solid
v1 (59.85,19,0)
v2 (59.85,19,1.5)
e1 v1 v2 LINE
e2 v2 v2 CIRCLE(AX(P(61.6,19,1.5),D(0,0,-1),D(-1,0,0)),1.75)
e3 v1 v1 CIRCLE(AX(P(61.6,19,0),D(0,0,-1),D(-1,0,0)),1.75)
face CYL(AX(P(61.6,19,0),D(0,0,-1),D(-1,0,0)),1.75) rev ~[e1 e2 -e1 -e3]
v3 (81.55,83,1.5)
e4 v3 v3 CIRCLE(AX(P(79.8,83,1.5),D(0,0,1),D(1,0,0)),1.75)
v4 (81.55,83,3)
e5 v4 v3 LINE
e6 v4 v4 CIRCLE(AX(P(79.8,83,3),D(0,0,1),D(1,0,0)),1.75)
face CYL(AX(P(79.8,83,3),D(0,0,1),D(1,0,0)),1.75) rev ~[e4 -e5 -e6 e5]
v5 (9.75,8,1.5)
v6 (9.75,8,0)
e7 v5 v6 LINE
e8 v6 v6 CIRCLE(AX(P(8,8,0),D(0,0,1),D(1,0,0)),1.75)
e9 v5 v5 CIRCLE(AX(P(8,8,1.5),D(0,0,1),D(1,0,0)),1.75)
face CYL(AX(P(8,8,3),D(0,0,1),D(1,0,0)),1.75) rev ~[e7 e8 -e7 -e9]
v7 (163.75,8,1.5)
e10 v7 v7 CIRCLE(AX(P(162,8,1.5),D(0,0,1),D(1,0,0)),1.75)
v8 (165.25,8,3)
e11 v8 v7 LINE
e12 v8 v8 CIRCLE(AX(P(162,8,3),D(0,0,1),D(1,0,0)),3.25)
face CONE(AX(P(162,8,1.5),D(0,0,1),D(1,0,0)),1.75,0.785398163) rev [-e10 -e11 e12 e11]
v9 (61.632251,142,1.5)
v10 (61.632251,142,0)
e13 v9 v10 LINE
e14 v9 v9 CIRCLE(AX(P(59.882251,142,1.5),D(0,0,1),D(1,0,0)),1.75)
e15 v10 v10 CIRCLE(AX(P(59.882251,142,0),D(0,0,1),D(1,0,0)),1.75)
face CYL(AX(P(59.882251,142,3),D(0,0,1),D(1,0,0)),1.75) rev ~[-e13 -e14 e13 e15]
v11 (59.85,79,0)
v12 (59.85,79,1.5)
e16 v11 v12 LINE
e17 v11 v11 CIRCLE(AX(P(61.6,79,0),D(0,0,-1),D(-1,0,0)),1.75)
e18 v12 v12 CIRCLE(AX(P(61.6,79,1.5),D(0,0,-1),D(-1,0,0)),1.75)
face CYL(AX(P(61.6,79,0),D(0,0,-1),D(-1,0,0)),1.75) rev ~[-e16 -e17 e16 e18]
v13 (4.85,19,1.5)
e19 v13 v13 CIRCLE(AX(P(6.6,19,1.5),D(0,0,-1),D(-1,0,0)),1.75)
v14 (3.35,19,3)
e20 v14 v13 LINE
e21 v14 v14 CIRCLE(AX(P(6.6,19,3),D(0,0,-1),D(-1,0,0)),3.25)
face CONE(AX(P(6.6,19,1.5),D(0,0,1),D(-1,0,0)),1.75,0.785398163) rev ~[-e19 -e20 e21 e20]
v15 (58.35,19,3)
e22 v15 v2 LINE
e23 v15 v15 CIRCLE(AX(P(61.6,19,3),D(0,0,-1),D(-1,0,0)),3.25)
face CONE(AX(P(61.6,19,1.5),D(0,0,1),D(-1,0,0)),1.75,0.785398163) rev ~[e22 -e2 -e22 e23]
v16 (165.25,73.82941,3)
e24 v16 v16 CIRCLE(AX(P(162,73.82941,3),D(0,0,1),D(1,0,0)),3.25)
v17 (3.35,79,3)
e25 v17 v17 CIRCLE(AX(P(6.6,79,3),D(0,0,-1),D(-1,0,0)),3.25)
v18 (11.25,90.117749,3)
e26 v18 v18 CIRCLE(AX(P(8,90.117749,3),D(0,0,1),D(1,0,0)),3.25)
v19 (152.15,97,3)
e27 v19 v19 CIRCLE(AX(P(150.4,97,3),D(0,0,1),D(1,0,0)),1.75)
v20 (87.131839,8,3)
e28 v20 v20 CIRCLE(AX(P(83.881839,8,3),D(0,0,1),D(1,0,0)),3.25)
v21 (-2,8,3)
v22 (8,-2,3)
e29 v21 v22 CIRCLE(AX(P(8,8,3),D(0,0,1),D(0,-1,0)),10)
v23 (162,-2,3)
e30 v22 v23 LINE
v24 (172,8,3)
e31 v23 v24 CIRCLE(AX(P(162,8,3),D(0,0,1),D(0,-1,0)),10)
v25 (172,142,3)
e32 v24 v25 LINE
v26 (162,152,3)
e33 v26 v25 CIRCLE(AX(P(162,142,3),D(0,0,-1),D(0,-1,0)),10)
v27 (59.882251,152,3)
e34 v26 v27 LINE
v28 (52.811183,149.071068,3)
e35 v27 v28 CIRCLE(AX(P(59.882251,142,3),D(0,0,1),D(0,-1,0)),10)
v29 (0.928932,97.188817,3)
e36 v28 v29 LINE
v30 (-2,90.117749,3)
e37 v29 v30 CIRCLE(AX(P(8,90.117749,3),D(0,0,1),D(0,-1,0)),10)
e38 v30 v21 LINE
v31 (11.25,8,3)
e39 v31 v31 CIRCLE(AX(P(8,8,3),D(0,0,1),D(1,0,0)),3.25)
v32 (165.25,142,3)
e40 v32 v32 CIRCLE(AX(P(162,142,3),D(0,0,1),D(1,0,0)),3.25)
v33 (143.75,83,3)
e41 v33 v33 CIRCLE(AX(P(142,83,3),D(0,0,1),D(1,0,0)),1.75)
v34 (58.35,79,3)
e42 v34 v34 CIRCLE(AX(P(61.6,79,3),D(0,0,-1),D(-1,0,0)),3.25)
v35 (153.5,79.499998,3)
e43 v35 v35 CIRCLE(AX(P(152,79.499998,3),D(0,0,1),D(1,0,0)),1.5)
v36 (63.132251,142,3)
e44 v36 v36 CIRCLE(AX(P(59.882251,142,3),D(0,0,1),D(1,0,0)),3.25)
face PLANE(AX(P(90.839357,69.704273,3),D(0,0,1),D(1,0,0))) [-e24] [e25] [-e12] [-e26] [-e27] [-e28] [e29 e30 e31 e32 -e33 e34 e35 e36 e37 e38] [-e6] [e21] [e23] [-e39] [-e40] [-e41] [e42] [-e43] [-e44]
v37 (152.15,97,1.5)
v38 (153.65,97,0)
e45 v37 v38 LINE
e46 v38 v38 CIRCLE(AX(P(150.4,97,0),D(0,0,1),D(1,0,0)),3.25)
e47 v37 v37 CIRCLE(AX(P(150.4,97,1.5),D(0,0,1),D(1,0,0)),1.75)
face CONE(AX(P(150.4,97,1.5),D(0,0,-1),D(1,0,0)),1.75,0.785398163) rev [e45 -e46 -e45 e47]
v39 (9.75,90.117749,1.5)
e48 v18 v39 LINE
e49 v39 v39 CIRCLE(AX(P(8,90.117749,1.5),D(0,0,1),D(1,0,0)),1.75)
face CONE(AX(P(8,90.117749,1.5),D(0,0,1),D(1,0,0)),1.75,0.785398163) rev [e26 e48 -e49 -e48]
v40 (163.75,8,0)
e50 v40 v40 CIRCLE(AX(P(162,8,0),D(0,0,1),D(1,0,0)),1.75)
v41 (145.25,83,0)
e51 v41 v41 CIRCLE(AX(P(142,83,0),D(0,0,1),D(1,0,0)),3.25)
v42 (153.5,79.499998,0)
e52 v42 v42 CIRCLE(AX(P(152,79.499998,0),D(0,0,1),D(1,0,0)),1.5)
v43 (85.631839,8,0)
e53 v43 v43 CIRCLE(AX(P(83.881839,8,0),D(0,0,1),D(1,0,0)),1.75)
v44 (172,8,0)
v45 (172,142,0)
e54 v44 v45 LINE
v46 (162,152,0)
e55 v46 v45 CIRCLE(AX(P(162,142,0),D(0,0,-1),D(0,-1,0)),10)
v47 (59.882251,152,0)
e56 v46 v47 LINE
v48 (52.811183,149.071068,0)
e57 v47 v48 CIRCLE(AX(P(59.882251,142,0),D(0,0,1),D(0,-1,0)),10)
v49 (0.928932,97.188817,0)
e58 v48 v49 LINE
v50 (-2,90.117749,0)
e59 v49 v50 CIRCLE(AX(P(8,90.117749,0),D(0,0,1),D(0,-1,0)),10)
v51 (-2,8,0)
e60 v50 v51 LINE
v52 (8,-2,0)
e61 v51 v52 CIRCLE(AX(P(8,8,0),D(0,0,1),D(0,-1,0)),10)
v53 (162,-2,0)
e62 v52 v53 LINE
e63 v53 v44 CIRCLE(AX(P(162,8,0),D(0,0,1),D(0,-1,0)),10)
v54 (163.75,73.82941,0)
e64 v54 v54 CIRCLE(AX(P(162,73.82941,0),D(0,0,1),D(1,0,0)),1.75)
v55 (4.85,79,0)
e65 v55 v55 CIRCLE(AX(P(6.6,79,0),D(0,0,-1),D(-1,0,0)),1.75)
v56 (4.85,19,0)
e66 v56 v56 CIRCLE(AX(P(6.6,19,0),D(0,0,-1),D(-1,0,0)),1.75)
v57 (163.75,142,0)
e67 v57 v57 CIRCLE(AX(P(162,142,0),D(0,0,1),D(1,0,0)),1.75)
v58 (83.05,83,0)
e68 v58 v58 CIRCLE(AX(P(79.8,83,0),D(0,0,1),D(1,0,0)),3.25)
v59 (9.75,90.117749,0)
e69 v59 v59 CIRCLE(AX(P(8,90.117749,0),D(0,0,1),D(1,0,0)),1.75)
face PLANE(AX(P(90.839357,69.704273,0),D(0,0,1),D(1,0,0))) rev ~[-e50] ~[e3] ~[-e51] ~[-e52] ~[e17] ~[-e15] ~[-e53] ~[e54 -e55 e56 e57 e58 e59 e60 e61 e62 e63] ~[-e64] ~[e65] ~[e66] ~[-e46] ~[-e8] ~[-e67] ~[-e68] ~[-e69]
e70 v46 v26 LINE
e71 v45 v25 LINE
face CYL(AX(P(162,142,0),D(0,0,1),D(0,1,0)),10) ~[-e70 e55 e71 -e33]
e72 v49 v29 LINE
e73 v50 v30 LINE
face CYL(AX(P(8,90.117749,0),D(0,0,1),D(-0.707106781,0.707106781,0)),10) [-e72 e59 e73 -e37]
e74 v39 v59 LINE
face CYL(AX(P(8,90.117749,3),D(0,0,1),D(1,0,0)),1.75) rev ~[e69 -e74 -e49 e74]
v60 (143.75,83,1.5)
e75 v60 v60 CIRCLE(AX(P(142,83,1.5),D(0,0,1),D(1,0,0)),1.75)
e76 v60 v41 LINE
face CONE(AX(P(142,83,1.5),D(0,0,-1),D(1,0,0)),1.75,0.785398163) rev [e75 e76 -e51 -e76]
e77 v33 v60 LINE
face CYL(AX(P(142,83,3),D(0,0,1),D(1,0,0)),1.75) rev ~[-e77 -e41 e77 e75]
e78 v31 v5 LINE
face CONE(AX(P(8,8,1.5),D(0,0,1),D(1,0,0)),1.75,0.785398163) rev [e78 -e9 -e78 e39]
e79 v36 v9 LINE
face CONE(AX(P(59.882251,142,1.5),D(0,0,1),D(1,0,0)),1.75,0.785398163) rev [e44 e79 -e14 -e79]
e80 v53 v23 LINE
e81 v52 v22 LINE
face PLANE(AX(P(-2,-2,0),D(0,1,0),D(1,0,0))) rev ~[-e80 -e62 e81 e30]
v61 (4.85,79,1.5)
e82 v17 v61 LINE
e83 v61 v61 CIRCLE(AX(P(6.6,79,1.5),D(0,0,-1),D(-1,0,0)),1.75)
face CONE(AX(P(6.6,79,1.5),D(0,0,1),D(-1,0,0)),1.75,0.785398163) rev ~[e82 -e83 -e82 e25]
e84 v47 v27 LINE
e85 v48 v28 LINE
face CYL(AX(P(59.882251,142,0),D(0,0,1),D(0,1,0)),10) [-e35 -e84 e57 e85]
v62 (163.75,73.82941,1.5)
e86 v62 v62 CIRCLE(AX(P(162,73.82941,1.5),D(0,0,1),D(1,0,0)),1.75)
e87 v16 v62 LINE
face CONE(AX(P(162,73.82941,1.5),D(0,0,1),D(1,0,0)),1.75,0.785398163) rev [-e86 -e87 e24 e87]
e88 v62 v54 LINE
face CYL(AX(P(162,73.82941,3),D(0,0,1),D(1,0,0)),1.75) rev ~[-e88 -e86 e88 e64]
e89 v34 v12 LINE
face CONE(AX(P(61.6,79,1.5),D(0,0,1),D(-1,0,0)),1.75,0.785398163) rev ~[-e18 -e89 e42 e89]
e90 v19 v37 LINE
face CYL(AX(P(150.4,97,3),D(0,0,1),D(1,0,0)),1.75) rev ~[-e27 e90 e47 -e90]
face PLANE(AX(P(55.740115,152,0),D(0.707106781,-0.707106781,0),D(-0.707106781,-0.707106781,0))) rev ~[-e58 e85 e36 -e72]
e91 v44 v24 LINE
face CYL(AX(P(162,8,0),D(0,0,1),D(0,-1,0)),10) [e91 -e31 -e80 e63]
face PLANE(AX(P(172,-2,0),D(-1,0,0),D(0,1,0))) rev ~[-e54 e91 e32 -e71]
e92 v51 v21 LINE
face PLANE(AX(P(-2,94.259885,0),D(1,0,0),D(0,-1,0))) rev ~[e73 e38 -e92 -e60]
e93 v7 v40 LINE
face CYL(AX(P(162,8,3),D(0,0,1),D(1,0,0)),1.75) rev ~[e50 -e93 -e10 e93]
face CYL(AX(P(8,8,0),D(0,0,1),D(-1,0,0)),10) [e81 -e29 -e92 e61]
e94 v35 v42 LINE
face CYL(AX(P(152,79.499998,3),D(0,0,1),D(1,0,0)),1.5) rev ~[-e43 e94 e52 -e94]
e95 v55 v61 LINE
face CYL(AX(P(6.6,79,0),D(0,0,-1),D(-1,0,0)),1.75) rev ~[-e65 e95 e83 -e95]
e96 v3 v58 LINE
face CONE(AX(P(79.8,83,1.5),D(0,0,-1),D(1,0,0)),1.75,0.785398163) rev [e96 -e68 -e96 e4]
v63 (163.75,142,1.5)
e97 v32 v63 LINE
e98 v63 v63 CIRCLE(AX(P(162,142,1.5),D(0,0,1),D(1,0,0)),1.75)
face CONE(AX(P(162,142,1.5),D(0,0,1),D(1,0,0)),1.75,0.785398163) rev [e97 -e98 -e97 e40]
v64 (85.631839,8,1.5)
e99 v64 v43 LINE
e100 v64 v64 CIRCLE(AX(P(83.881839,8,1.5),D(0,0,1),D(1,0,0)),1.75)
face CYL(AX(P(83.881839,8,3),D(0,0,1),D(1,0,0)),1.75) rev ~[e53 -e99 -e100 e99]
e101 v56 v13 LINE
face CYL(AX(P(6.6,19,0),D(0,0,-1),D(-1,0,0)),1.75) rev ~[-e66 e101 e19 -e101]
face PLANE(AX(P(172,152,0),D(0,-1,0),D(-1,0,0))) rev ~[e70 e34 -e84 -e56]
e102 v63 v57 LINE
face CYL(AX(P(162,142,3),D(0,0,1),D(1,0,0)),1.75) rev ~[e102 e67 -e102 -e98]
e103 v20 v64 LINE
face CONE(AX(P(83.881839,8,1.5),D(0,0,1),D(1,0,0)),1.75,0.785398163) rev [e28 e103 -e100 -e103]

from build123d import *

# Parameters (mm, degrees)
ESTRUSIONE_ESTRUSIONE1_DEPTH = 3
RACCORDO1_R                  = 10
SCHIZZO2_R                   = 1.75
TAGLIO_ESTRUSIONE1_DEPTH     = 3
SMUSSO1_SIZE                 = 1.5
SCHIZZO4_R                   = 1.75
SCHIZZO4_R_2                 = 1.5
TAGLIO_ESTRUSIONE2_DEPTH     = 230.558271469
SCHIZZO3_R                   = 1.75
TAGLIO_ESTRUSIONE3_DEPTH     = 10
SMUSSO2_SIZE                 = 1.5


with BuildPart() as part:
    # Schizzo1 → Estrusione-Estrusione1 (new body)
    with BuildSketch(Plane.XY):
        Polygon((172, 152), (55.74011537, 152), (-2, 94.25988463), (-2, -2), (172, -2), align=None)
    extrude(amount=ESTRUSIONE_ESTRUSIONE1_DEPTH)

    # Raccordo1
    raccordo1_edges = [part.edges().sort_by_distance(p)[0] for p in [
        (172, -2, 1.5),
        (-2, -2, 1.5),
        (-2, 94.25988463, 1.5),
        (55.74011537, 152, 1.5),
        (172, 152, 1.5),
    ]]
    fillet(raccordo1_edges, radius=RACCORDO1_R)

    # Schizzo2 → Taglio-Estrusione1 (cut)
    with BuildSketch(Plane.XY.offset(3)):
        with Locations((162, 142)):
            Circle(SCHIZZO2_R)
        with Locations((59.882250994, 142)):
            Circle(SCHIZZO2_R)
        with Locations((8, 90.117749006)):
            Circle(SCHIZZO2_R)
        with Locations((8, 8)):
            Circle(SCHIZZO2_R)
        with Locations((162, 8)):
            Circle(SCHIZZO2_R)
        with Locations((162, 73.82941029)):
            Circle(SCHIZZO2_R)
        with Locations((83.881838923, 8)):
            Circle(SCHIZZO2_R)
    extrude(amount=-TAGLIO_ESTRUSIONE1_DEPTH, mode=Mode.SUBTRACT)

    # Smusso1
    smusso1_edges = [part.edges().sort_by_distance(p)[0] for p in [
        (58.132250994, 142, 3),
        (6.25, 90.117749006, 3),
        (6.25, 8, 3),
        (160.25, 8, 3),
        (160.25, 73.82941029, 3),
        (82.131838923, 8, 3),
        (160.25, 142, 3),
    ]]
    chamfer(smusso1_edges, length=SMUSSO1_SIZE)

    # Schizzo4 → Taglio-Estrusione2 (cut, through all)
    with BuildSketch(Plane.XY.offset(3)):
        with Locations((150.4, 97)):
            Circle(SCHIZZO4_R)
        with Locations((142, 83)):
            Circle(SCHIZZO4_R)
        with Locations((79.8, 83)):
            Circle(SCHIZZO4_R)
        with Locations((152, 79.499997822)):
            Circle(SCHIZZO4_R_2)
    extrude(amount=-TAGLIO_ESTRUSIONE2_DEPTH, mode=Mode.SUBTRACT)

    # Schizzo3 → Taglio-Estrusione3 (cut)
    with BuildSketch(Plane(origin=(0, 0, 0), x_dir=(-1, 0, 0), z_dir=(0, 0, -1))):
        with Locations((-61.6, 79)):
            Circle(SCHIZZO3_R)
        with Locations((-6.6, 79)):
            Circle(SCHIZZO3_R)
        with Locations((-6.6, 19)):
            Circle(SCHIZZO3_R)
        with Locations((-61.6, 19)):
            Circle(SCHIZZO3_R)
    extrude(amount=-TAGLIO_ESTRUSIONE3_DEPTH, mode=Mode.SUBTRACT)

    # Smusso2
    smusso2_edges = [part.edges().sort_by_distance(p)[0] for p in [
        (148.65, 97, 0),
        (140.25, 83, 0),
        (78.05, 83, 0),
        (63.35, 19, 3),
        (8.35, 19, 3),
        (8.35, 79, 3),
        (63.35, 79, 3),
    ]]
    chamfer(smusso2_edges, length=SMUSSO2_SIZE)


solid = part.part
